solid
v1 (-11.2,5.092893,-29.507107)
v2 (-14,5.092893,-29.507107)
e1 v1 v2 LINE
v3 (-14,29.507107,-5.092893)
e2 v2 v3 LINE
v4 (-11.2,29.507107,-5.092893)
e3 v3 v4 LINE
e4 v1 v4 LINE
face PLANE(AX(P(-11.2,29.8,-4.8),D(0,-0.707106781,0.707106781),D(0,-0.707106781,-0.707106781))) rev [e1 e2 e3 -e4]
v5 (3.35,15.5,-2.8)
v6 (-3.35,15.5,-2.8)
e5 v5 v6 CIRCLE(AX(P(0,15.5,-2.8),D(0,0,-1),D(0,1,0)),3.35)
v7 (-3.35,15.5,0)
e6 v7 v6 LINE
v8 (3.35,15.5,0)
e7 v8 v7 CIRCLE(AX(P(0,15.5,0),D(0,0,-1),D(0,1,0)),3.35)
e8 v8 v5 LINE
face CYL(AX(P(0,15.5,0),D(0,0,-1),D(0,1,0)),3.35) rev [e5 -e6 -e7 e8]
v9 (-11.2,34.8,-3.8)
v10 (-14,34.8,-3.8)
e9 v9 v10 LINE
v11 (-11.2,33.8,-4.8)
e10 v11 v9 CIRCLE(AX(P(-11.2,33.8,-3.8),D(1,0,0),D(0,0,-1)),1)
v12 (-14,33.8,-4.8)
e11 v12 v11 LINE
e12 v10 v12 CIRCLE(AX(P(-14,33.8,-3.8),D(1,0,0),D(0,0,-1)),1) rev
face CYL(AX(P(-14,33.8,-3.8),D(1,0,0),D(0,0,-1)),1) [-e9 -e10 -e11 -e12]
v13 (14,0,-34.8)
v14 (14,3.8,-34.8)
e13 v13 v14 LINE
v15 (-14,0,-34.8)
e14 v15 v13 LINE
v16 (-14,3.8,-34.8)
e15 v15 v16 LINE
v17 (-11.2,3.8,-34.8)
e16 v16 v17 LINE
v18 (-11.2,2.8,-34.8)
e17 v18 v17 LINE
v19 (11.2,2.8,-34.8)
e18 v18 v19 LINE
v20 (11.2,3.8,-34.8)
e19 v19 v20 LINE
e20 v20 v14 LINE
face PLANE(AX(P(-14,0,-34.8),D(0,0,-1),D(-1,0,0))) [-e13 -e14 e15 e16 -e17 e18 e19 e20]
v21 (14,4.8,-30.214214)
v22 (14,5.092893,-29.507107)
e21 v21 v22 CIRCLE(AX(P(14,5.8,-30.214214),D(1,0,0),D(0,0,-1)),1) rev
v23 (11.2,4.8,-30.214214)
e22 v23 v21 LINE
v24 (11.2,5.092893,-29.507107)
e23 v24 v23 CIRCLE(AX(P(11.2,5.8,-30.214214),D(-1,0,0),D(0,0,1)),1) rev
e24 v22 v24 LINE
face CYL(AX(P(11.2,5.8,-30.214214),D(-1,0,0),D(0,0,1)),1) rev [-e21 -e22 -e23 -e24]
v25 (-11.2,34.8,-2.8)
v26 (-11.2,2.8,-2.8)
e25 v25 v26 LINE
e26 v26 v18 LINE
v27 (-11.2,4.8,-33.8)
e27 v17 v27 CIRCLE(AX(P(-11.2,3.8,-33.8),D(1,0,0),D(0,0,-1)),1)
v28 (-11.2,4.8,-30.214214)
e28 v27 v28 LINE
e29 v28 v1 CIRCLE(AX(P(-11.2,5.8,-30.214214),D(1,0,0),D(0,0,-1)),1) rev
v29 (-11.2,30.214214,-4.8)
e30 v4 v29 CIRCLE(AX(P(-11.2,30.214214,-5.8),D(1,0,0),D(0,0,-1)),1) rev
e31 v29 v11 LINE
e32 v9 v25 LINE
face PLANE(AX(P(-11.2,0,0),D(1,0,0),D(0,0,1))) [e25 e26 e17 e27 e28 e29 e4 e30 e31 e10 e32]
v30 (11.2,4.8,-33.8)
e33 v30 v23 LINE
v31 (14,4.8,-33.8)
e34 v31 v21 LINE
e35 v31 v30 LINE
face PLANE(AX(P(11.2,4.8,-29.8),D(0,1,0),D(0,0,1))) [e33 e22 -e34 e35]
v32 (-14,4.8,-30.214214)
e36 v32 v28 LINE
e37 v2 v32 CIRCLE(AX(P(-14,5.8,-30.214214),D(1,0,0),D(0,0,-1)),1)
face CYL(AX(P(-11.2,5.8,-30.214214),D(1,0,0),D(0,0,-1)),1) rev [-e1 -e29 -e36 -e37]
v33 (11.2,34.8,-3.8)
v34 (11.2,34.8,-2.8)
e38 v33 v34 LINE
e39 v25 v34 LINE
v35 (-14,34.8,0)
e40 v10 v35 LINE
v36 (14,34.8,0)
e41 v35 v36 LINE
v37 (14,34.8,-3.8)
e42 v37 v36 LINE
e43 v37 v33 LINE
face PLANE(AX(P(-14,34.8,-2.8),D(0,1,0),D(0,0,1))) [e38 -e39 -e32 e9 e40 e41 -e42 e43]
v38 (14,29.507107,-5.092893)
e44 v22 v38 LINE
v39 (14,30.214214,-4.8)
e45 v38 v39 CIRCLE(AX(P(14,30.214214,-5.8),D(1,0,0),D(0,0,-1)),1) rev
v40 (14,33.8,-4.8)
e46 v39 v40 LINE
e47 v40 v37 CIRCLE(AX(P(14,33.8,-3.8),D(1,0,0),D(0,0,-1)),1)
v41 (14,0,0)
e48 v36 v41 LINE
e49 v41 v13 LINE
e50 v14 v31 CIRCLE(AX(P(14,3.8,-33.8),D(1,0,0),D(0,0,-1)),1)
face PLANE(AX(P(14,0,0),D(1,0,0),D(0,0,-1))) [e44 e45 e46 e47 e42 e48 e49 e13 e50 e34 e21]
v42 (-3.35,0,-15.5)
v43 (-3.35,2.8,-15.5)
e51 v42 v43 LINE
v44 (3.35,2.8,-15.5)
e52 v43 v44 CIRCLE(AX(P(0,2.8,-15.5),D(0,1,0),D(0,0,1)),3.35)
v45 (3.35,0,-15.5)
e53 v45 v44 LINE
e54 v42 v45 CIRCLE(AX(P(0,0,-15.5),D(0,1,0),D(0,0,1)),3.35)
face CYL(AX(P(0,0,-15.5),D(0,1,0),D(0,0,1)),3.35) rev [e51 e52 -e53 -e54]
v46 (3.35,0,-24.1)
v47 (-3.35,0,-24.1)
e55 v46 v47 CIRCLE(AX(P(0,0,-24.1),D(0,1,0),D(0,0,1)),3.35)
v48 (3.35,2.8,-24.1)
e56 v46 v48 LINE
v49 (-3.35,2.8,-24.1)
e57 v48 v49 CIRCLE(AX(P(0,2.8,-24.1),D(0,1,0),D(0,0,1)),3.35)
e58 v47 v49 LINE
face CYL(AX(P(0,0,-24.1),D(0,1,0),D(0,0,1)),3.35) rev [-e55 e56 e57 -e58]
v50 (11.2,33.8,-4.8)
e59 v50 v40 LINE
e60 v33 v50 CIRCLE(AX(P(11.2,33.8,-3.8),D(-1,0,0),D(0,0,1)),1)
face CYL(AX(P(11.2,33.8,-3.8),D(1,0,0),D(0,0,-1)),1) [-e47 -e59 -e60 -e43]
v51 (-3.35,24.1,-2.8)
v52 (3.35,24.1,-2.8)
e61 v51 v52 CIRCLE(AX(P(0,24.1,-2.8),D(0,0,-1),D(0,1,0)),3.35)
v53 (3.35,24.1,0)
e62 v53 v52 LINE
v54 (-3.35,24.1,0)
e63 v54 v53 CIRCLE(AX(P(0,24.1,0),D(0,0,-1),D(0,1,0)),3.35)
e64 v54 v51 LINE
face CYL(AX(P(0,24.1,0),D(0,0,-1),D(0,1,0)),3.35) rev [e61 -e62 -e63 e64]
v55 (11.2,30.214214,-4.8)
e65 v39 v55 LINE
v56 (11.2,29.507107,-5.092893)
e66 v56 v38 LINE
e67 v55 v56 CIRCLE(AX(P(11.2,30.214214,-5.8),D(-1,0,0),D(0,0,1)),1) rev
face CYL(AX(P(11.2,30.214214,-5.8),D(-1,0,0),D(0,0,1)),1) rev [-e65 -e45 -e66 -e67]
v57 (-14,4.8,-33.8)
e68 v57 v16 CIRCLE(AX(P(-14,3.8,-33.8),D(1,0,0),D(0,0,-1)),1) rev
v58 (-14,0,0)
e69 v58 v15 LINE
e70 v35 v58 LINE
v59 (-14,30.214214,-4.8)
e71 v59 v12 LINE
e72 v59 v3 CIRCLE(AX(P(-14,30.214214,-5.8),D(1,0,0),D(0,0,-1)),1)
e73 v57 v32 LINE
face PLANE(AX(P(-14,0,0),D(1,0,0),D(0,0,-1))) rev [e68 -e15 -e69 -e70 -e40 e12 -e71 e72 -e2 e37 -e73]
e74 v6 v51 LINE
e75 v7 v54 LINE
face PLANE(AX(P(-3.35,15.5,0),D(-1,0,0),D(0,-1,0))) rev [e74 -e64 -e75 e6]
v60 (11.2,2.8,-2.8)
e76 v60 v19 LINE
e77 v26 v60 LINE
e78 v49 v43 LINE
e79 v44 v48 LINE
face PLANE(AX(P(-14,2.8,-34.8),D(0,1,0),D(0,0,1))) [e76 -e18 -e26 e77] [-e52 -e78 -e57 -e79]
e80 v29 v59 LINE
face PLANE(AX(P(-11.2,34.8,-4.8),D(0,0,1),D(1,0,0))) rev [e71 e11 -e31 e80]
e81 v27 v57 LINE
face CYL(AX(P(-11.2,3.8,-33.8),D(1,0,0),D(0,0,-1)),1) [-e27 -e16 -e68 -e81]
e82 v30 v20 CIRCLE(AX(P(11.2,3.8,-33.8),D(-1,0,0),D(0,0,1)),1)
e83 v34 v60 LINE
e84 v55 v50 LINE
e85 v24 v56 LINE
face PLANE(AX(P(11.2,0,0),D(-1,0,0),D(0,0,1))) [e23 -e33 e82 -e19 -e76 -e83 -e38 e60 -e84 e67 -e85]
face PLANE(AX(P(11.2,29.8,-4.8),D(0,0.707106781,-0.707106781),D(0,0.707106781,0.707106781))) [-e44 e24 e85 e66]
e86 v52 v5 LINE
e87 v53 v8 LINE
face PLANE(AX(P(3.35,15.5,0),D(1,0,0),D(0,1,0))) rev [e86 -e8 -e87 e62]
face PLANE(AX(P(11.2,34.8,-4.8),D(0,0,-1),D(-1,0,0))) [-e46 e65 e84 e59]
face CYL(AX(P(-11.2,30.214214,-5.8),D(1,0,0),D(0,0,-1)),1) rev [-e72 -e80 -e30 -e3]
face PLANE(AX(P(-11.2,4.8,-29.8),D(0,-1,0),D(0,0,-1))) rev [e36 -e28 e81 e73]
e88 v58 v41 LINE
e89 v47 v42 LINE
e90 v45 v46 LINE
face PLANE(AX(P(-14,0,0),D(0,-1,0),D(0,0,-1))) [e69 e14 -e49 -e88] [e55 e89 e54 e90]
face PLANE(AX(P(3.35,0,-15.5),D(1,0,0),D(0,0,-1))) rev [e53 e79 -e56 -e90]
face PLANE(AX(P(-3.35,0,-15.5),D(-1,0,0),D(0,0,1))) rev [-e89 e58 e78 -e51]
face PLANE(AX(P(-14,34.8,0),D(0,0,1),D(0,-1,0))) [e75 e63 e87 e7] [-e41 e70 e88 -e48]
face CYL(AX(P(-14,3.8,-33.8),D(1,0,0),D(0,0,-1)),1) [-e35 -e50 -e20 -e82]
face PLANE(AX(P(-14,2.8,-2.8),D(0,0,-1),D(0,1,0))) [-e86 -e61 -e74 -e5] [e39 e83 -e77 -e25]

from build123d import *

# Parameters (mm, degrees)
EXTRUDE_1_DEPTH     = 14
EXTRUDE_3_DEPTH     = 2.8
FILLET_1_R          = 1
CUT_EXTRUDE_1_DEPTH = 2.8
CUT_EXTRUDE_2_DEPTH = 2.8


with BuildPart() as part:
    # 草图1 → 凸台-拉伸1 (new body, symmetric)
    with BuildSketch(Plane(origin=(0, 0, 0), x_dir=(0, 0, -1), z_dir=(1, 0, 0))):
        Polygon((0, 34.8), (0, 0), (34.8, 0), (34.8, 2.8), (2.8, 2.8), (2.8, 34.8), align=None)
    extrude(amount=EXTRUDE_1_DEPTH, both=True)

    # 草图2 → 凸台-拉伸3 (add)
    with BuildSketch(Plane(origin=(14, 0, 0), x_dir=(0, 0, -1), z_dir=(1, 0, 0))):
        Polygon((2.8, 34.8), (4.8, 34.8), (4.8, 29.8), (29.8, 4.8), (34.8, 4.8), (34.8, 2.8), (2.8, 2.8), align=None)
    extrude_3 = extrude(amount=-EXTRUDE_3_DEPTH)

    # 镜向1: 凸台-拉伸3 across plane
    add(extrude_3.mirror(Plane(origin=(0, 0, 0), x_dir=(0, 0, 1), z_dir=(1, 0, 0))))

    # 圆角1
    fillet_1_edges = [part.edges().sort_by_distance(p)[0] for p in [
        (12.6, 34.8, -4.8),
        (12.6, 29.8, -4.8),
        (12.6, 4.8, -29.8),
        (12.6, 4.8, -34.8),
        (-12.6, 4.8, -34.8),
        (-12.6, 4.8, -29.8),
        (-12.6, 29.8, -4.8),
        (-12.6, 34.8, -4.8),
    ]]
    fillet(fillet_1_edges, radius=FILLET_1_R)

    # 草图3 → 切除-拉伸1 (cut)
    with BuildSketch(Plane(origin=(0, 2.8, 0), x_dir=(1, 0, 0), z_dir=(0, 1, 0))):
        with BuildLine():
            Line((-3.35, 15.5), (-3.35, 24.1))
            ThreePointArc((-3.35, 24.1), (0, 27.45), (3.35, 24.1))
            Line((3.35, 24.1), (3.35, 15.5))
            ThreePointArc((3.35, 15.5), (0, 12.15), (-3.35, 15.5))
        make_face()
    extrude(amount=-CUT_EXTRUDE_1_DEPTH, mode=Mode.SUBTRACT)

    # 草图4 → 切除-拉伸2 (cut)
    with BuildSketch(Plane(origin=(0, 0, -2.8), x_dir=(-1, 0, 0), z_dir=(0, 0, -1))):
        with BuildLine():
            Line((-3.35, 15.5), (-3.35, 24.1))
            ThreePointArc((-3.35, 24.1), (0, 27.45), (3.35, 24.1))
            Line((3.35, 24.1), (3.35, 15.5))
            ThreePointArc((3.35, 15.5), (0, 12.15), (-3.35, 15.5))
        make_face()
    extrude(amount=-CUT_EXTRUDE_2_DEPTH, mode=Mode.SUBTRACT)


solid = part.part
